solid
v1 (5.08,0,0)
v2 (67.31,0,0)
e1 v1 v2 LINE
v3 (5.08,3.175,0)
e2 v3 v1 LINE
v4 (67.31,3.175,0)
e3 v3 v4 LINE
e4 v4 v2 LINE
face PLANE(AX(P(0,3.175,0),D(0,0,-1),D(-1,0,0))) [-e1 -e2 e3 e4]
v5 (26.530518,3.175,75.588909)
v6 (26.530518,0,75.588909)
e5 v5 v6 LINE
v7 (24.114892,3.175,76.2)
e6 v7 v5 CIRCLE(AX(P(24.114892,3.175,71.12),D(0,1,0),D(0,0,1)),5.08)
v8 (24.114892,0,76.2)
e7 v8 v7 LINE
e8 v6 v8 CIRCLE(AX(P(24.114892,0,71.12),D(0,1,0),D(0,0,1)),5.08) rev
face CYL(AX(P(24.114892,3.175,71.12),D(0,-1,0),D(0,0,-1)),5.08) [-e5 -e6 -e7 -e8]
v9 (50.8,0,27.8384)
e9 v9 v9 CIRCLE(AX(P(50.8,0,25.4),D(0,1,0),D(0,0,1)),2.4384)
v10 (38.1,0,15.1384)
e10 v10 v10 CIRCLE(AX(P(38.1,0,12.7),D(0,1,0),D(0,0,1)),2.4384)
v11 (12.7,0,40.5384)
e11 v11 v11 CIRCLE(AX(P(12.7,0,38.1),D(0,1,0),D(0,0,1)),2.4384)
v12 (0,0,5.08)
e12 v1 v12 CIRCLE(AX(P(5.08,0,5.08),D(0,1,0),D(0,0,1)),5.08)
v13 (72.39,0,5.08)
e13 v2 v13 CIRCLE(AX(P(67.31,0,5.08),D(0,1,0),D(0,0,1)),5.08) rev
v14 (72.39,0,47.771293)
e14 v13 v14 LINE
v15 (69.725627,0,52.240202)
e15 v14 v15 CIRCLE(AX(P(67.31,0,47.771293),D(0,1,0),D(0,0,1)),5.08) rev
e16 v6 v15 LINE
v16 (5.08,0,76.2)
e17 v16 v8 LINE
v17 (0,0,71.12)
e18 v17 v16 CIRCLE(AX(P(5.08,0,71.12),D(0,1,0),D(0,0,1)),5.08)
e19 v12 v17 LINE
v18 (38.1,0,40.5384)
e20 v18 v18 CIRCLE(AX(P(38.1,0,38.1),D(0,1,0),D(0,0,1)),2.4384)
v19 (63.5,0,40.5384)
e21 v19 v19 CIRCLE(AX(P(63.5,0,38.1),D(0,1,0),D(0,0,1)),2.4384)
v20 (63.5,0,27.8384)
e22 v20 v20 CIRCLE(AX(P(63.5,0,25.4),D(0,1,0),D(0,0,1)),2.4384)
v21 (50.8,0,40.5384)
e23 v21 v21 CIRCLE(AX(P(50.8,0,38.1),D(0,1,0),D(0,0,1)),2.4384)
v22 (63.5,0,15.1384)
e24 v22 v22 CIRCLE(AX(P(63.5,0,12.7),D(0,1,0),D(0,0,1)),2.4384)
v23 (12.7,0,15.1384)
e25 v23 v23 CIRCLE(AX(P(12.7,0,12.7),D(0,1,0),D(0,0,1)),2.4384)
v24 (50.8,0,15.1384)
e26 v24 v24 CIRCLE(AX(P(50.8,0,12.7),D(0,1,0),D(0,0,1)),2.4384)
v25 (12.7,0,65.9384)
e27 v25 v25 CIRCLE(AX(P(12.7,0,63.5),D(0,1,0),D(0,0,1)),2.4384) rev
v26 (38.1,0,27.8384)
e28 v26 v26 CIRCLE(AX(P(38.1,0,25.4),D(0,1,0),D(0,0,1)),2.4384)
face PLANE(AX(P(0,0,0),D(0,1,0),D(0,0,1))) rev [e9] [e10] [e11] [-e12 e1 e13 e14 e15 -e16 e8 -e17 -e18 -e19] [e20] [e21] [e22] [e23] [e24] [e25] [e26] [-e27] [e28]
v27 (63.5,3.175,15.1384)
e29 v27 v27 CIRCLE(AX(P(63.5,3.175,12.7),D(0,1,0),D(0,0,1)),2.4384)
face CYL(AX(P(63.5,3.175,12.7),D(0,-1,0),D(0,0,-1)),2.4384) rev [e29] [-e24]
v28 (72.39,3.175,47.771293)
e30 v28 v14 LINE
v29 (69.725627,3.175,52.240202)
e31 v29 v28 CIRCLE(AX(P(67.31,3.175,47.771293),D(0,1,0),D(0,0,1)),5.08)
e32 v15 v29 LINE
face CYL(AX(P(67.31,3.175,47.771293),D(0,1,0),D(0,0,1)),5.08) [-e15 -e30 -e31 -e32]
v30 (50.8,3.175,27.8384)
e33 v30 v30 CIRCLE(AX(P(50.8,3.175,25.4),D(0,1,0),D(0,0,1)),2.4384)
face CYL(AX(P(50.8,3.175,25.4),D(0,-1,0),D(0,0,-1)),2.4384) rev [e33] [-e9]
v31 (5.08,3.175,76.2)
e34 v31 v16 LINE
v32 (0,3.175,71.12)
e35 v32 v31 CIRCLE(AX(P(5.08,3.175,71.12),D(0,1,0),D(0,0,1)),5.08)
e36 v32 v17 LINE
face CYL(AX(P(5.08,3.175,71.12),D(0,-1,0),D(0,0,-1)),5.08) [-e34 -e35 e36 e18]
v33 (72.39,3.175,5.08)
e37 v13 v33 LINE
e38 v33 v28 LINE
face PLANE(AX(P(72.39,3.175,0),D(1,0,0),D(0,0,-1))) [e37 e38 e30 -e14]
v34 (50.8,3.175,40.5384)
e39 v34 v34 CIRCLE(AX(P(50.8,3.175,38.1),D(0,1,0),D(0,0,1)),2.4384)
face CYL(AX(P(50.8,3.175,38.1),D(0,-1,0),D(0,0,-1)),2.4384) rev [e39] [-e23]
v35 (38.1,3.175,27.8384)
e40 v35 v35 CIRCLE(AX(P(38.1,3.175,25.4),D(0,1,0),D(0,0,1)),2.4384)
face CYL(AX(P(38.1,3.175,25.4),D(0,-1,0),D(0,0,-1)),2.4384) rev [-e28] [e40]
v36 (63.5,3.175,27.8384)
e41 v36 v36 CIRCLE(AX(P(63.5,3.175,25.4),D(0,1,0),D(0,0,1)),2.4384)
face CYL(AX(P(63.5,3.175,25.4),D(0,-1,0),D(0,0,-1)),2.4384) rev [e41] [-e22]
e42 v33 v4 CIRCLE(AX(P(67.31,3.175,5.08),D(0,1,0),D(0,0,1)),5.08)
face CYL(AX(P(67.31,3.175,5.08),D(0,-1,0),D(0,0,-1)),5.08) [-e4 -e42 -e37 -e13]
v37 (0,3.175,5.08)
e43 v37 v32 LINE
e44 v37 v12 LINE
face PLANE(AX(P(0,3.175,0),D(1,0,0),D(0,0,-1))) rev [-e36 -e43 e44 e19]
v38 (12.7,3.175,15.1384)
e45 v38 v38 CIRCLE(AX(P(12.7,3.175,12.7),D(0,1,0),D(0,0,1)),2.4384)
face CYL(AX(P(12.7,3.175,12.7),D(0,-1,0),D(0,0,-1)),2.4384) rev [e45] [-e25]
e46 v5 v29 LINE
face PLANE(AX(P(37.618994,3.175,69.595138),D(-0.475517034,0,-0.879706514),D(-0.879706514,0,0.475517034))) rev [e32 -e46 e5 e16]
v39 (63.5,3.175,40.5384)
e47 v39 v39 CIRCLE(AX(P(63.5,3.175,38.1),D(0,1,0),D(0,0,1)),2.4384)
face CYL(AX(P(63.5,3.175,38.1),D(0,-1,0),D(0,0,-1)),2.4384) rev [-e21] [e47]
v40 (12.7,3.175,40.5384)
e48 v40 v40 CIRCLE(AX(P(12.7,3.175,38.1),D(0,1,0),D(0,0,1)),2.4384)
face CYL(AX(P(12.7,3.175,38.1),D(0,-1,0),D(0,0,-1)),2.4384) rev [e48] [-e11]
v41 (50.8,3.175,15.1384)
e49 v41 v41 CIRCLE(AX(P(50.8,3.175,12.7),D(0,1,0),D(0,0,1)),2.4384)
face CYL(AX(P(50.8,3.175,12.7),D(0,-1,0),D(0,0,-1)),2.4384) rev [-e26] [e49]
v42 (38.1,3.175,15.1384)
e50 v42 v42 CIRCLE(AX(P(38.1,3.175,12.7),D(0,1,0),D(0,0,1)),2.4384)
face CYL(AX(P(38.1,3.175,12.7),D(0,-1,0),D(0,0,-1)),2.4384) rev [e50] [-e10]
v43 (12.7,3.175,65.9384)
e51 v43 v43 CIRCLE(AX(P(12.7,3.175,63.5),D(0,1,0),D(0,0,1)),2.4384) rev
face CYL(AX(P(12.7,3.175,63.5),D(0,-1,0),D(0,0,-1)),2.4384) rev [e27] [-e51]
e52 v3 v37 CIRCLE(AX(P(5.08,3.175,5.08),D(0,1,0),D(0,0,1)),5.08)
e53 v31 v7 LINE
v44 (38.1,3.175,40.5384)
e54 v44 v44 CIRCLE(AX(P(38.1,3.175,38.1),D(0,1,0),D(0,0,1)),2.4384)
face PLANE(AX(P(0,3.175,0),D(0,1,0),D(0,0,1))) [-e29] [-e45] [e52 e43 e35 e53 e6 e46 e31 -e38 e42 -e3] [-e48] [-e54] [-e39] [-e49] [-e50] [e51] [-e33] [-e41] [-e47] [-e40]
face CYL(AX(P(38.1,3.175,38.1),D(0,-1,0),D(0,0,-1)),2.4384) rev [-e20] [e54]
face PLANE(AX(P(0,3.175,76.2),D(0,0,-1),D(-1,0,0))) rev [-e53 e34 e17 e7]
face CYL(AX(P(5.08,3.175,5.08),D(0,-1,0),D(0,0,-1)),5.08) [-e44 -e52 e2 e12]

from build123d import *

# Parameters (mm, degrees)
SKETCH1_R           = 2.4384
BOSS_EXTRUDE1_DEPTH = 3.175
FILLET3_R           = 5.08


with BuildPart() as part:
    # Sketch1 → Boss-Extrude1 (new body)
    with BuildSketch(Plane(origin=(0, 0, 0), x_dir=(1, 0, 0), z_dir=(0, 1, 0))):
        with BuildLine():
            ThreePointArc((5.08, 0), (1.487897552, -1.487897552), (0, -5.08))
            Line((0, -5.08), (0, -71.12))
            ThreePointArc((0, -71.12), (1.487897552, -74.712102448), (5.08, -76.2))
            Line((5.08, -76.2), (25.4, -76.2))
            Line((25.4, -76.2), (72.39, -50.8))
            Line((72.39, -50.8), (72.39, 0))
            Line((72.39, 0), (5.08, 0))
        make_face()
        with Locations(Location((50.8, -38.1, 0), (0, 0, 270))):
            Circle(SKETCH1_R, mode=Mode.SUBTRACT)
        with Locations(Location((50.8, -25.4, 0), (0, 0, 270))):
            Circle(SKETCH1_R, mode=Mode.SUBTRACT)
        with Locations(Location((50.8, -12.7, 0), (0, 0, 270))):
            Circle(SKETCH1_R, mode=Mode.SUBTRACT)
        with Locations(Location((12.7, -63.5, 0), (0, 0, 270))):
            Circle(SKETCH1_R, mode=Mode.SUBTRACT)
        with Locations(Location((63.5, -38.1, 0), (0, 0, 270))):
            Circle(SKETCH1_R, mode=Mode.SUBTRACT)
        with Locations(Location((63.5, -25.4, 0), (0, 0, 270))):
            Circle(SKETCH1_R, mode=Mode.SUBTRACT)
        with Locations(Location((63.5, -12.7, 0), (0, 0, 270))):
            Circle(SKETCH1_R, mode=Mode.SUBTRACT)
        with Locations(Location((12.7, -38.1, 0), (0, 0, 270))):
            Circle(SKETCH1_R, mode=Mode.SUBTRACT)
        with Locations(Location((12.7, -12.7, 0), (0, 0, 270))):
            Circle(SKETCH1_R, mode=Mode.SUBTRACT)
        with Locations(Location((38.1, -38.1, 0), (0, 0, 270))):
            Circle(SKETCH1_R, mode=Mode.SUBTRACT)
        with Locations(Location((38.1, -25.4, 0), (0, 0, 270))):
            Circle(SKETCH1_R, mode=Mode.SUBTRACT)
        with Locations(Location((38.1, -12.7, 0), (0, 0, 270))):
            Circle(SKETCH1_R, mode=Mode.SUBTRACT)
    extrude(amount=BOSS_EXTRUDE1_DEPTH)

    # Fillet3
    fillet3_edges = [part.edges().sort_by_distance(p)[0] for p in [
        (72.39, 1.5875, 0),
        (72.39, 1.5875, 50.8),
        (25.4, 1.5875, 76.2),
    ]]
    fillet(fillet3_edges, radius=FILLET3_R)


solid = part.part
